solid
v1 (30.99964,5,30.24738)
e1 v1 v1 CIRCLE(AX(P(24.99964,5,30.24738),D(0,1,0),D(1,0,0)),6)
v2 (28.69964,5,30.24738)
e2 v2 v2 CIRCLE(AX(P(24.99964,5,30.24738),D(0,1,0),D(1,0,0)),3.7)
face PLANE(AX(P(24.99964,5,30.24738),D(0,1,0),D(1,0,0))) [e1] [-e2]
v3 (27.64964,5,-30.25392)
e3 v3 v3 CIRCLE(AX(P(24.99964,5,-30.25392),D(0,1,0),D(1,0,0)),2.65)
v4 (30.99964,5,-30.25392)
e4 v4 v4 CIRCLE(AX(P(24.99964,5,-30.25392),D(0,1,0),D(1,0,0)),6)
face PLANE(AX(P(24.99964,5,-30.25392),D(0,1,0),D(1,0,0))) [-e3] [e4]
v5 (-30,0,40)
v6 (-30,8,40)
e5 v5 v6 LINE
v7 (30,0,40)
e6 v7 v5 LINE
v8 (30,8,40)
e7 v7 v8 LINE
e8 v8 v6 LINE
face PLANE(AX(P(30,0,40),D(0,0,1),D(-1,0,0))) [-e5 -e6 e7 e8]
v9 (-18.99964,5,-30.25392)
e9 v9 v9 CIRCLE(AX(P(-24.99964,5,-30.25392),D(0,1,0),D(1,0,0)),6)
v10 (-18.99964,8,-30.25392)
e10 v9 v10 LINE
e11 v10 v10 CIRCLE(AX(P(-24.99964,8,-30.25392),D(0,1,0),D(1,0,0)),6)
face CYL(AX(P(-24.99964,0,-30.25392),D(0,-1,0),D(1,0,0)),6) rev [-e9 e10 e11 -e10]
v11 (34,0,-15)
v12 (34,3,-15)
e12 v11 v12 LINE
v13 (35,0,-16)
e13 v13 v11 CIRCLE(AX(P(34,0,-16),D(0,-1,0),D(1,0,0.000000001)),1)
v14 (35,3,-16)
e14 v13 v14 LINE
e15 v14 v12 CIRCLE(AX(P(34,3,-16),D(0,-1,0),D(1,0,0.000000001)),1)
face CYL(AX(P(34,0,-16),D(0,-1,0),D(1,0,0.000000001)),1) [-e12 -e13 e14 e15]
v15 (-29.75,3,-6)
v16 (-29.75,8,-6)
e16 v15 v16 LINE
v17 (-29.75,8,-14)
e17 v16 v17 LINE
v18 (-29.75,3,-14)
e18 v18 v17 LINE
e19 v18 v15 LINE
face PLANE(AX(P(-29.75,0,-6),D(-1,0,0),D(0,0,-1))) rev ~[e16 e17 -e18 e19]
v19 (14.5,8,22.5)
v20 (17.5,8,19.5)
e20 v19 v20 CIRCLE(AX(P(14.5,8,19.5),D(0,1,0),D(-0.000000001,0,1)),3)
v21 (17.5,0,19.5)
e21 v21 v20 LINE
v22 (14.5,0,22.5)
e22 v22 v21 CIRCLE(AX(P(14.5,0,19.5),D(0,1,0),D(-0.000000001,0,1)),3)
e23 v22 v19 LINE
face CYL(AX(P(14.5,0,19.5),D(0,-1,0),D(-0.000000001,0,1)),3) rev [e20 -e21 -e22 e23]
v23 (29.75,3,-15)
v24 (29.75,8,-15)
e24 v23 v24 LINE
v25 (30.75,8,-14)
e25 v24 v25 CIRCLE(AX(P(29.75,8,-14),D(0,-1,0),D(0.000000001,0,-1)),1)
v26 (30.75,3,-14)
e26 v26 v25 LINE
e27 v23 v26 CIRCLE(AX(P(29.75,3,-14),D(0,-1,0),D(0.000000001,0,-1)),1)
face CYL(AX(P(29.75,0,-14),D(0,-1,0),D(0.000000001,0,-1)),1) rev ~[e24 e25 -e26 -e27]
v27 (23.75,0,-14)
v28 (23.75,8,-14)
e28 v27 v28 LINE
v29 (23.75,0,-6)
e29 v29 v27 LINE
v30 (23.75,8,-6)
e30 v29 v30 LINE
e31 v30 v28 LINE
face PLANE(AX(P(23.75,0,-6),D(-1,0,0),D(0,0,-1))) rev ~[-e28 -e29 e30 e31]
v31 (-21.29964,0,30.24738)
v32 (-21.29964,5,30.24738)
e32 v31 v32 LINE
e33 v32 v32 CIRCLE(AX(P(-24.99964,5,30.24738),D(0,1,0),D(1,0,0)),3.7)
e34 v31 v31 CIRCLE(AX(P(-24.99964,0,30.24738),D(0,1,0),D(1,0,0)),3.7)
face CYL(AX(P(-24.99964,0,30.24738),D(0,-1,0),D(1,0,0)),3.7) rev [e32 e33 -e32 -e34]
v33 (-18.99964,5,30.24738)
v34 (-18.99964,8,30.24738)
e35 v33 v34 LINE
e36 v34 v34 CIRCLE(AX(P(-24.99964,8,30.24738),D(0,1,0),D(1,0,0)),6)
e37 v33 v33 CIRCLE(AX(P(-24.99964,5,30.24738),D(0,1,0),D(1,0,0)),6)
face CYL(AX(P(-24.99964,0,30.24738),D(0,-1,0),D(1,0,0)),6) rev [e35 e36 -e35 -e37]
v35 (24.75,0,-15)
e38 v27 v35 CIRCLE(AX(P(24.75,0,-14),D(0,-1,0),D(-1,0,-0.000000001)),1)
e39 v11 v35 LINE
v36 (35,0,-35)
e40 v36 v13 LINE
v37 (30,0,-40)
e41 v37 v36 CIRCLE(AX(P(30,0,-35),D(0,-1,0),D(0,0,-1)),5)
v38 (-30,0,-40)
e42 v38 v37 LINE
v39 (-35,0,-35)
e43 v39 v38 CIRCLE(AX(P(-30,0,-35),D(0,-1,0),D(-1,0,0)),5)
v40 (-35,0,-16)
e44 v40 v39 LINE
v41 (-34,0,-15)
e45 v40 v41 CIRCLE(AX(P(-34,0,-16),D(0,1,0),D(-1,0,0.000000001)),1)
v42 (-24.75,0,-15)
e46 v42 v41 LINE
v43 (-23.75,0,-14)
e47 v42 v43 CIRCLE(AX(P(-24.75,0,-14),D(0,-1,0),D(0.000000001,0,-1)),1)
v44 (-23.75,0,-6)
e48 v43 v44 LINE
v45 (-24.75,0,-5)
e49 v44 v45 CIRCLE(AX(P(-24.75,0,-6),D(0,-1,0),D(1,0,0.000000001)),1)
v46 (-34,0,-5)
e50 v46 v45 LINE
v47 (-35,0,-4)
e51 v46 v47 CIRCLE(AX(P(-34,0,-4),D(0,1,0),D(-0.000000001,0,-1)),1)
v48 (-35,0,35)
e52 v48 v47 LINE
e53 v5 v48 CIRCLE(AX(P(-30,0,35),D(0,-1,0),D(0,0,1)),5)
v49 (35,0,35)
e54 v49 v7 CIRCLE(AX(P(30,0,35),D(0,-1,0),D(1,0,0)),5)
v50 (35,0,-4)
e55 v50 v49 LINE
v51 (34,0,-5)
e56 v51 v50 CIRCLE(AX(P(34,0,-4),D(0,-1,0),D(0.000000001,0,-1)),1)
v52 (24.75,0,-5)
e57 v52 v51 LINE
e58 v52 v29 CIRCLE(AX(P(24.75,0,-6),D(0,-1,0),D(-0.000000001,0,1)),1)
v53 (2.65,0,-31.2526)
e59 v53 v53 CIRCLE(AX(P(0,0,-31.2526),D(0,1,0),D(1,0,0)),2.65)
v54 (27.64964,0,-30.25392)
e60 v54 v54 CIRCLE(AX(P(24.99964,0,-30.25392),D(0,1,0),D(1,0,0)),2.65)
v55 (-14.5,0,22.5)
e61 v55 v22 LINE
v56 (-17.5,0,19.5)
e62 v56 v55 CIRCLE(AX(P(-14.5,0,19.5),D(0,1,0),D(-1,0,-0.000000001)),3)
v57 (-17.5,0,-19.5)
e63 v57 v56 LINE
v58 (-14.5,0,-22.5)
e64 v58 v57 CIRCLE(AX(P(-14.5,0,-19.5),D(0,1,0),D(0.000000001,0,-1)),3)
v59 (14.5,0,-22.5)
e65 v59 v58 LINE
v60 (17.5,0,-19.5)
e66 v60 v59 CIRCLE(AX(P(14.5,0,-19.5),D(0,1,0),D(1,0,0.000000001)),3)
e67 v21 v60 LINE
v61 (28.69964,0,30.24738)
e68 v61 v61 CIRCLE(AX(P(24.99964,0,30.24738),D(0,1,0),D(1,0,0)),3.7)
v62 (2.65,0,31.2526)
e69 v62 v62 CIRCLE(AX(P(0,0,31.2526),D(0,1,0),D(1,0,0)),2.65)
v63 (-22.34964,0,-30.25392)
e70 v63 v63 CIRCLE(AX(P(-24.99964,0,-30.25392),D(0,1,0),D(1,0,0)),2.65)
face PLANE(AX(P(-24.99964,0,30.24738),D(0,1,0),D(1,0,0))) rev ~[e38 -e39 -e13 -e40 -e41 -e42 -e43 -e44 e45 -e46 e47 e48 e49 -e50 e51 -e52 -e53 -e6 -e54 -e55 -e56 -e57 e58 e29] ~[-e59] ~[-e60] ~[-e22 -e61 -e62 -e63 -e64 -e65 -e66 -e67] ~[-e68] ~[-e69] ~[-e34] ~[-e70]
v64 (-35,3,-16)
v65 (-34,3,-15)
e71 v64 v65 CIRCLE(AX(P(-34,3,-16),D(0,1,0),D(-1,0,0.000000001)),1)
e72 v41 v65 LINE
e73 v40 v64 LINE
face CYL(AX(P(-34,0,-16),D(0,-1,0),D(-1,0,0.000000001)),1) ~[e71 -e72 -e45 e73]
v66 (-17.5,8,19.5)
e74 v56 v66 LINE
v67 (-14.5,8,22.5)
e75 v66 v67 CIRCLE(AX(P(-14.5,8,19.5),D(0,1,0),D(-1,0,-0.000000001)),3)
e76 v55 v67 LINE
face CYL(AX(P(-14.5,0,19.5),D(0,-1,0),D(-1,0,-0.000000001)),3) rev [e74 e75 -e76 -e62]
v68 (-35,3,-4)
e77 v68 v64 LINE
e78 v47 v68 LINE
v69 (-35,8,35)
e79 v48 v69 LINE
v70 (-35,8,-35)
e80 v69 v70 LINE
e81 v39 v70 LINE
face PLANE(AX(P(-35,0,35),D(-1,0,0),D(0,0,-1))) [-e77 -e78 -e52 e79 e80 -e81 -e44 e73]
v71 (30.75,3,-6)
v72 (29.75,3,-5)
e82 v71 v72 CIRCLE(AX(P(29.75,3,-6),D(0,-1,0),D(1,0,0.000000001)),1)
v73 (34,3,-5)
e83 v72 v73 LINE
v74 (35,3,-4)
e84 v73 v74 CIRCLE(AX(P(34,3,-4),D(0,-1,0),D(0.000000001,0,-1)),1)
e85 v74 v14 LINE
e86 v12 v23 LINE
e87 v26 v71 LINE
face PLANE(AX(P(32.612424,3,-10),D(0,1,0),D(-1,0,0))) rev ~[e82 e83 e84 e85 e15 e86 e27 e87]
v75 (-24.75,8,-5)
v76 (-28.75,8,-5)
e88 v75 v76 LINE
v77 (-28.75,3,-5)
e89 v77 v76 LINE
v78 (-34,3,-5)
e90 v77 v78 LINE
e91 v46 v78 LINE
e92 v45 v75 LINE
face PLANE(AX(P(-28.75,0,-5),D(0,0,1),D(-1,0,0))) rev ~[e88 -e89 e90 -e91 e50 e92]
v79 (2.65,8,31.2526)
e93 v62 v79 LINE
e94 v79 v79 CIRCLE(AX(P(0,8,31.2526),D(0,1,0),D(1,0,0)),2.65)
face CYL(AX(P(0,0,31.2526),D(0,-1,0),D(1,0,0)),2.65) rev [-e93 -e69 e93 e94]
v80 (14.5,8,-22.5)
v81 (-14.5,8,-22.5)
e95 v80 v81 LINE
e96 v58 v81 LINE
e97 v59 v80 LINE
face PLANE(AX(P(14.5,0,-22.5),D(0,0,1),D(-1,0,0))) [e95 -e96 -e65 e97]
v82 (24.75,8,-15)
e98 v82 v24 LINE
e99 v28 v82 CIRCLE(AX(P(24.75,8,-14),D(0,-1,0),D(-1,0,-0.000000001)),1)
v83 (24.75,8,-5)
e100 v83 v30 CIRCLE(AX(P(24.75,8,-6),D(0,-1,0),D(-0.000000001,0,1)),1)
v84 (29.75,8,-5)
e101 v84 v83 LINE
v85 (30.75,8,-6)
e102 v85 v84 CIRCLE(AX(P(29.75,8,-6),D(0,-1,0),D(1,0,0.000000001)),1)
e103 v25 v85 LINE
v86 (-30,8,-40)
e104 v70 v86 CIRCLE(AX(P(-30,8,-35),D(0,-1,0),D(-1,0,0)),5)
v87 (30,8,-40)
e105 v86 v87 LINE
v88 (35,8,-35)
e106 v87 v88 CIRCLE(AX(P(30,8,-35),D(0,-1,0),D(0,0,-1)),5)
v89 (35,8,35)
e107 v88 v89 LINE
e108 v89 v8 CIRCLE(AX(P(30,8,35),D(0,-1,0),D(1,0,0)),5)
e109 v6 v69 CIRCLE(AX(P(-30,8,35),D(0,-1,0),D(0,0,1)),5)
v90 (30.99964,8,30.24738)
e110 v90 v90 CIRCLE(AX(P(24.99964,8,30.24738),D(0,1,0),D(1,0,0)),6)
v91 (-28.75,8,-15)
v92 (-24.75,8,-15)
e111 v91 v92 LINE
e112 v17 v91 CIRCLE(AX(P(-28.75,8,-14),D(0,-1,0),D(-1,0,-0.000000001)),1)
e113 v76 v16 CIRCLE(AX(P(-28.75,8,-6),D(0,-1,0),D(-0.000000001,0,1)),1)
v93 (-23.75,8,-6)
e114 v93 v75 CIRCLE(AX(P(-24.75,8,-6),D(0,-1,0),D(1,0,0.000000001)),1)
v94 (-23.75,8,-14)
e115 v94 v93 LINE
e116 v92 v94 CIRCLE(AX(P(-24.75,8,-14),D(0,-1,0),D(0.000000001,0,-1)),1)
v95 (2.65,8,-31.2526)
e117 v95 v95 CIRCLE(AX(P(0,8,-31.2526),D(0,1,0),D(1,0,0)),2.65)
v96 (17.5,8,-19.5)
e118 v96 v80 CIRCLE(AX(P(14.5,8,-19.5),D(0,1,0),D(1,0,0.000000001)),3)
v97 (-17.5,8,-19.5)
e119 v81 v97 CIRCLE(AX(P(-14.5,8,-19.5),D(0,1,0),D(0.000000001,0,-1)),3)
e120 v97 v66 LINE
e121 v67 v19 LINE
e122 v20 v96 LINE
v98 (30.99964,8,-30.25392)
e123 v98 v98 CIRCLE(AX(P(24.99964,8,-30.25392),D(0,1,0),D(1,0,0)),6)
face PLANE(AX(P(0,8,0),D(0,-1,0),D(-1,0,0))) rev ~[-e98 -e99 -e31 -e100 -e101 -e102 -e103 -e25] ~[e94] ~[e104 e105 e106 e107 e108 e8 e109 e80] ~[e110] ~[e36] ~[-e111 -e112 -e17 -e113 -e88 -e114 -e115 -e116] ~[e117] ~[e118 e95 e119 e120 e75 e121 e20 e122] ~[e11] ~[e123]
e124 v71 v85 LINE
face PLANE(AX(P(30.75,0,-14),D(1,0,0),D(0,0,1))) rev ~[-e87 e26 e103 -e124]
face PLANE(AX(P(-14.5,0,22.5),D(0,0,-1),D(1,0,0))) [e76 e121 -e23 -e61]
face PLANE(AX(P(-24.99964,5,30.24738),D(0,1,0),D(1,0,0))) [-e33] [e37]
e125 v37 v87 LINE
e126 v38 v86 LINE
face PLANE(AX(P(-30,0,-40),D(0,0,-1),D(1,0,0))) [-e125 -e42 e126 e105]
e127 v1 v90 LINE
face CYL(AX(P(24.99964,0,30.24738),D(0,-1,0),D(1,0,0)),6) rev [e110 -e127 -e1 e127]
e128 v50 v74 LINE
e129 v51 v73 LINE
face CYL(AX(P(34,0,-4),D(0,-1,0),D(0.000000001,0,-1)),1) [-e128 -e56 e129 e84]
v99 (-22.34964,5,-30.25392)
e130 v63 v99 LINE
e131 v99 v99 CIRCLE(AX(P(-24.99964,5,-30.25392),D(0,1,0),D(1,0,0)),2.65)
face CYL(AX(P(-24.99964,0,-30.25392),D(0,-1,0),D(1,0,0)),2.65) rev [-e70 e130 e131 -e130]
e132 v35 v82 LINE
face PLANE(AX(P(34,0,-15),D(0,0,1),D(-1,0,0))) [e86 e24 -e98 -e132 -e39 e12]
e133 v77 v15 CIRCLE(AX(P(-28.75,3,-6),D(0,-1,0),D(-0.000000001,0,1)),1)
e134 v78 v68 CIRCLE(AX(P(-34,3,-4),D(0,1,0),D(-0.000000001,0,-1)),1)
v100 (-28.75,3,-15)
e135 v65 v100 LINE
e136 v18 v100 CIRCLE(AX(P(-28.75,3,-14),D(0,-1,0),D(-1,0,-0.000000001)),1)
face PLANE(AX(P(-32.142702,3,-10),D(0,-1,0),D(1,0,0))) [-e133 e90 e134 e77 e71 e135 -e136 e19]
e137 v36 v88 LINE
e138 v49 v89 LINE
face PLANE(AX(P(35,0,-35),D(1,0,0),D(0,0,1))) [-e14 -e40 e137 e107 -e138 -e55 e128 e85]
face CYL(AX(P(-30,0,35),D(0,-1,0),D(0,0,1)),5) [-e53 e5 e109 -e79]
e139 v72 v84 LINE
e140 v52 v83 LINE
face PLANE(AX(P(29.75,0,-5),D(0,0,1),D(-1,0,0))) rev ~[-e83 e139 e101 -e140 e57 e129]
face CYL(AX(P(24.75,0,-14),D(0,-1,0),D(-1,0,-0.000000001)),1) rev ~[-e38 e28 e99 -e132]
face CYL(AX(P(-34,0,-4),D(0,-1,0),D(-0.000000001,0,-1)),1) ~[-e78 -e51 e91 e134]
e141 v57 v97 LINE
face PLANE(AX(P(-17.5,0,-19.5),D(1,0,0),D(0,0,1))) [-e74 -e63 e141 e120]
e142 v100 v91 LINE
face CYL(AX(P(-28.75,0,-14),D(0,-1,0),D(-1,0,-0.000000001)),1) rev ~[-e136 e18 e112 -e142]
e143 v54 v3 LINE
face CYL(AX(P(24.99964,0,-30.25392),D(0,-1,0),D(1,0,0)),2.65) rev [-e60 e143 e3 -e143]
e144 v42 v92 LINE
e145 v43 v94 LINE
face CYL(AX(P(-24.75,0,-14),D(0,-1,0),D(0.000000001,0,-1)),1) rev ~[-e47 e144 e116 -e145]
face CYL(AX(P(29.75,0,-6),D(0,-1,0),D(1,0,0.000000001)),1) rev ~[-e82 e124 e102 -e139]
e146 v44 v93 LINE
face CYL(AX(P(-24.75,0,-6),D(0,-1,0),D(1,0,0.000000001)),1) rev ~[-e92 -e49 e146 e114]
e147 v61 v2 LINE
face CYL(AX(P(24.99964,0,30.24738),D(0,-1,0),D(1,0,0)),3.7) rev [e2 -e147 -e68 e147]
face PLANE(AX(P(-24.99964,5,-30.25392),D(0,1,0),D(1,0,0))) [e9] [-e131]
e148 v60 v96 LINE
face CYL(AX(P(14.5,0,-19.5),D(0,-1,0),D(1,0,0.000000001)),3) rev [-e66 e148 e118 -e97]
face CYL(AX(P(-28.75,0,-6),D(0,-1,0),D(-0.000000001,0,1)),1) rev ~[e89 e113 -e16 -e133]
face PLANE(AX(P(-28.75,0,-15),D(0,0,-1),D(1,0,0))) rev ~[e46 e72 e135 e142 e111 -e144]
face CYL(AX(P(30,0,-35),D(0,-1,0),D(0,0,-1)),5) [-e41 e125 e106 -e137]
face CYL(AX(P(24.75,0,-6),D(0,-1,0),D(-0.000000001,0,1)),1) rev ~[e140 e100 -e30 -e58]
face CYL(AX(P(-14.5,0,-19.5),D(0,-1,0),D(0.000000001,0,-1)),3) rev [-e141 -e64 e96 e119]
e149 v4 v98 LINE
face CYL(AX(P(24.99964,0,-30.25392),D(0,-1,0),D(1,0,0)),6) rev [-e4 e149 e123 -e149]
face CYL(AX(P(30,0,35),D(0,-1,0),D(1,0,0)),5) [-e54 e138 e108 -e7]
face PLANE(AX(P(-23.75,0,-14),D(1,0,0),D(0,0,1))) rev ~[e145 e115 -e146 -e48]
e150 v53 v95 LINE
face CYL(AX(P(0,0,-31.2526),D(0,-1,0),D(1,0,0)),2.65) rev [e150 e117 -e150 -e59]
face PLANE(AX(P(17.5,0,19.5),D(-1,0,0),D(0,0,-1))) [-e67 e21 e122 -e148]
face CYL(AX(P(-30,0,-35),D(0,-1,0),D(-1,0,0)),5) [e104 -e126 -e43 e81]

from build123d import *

# Parameters (mm, degrees)
CROQUIS1_R              = 6
CROQUIS1_R_2            = 2.65
SALIENTE_EXTRUIR1_DEPTH = 8
CROQUIS1_4_R            = 6
CROQUIS1_4_R_2          = 3.7
CROQUIS1_4_R_3          = 2.65
SALIENTE_EXTRUIR2_DEPTH = 5
CROQUIS1_6_R            = 3.7
CROQUIS1_6_R_2          = 2.65
CORTAR_EXTRUIR1_DEPTH   = 5
CORTAR_EXTRUIR2_DEPTH   = 3


with BuildPart() as part:
    # Croquis1 → Saliente-Extruir1 (new body)
    with BuildSketch(Plane(origin=(0, 0, 0), x_dir=(1, 0, 0), z_dir=(0, 1, 0))):
        with BuildLine():
            Line((-35, 35), (-35, -35))
            ThreePointArc((-35, -35), (-33.535533906, -38.535533906), (-30, -40))
            Line((-30, -40), (30, -40))
            ThreePointArc((30, -40), (33.535533906, -38.535533906), (35, -35))
            Line((35, -35), (35, 35))
            ThreePointArc((35, 35), (33.535533906, 38.535533906), (30, 40))
            Line((30, 40), (-30, 40))
            ThreePointArc((-30, 40), (-33.535533906, 38.535533906), (-35, 35))
        make_face()
        with Locations((-24.99964, -30.24738)):
            Circle(CROQUIS1_R, mode=Mode.SUBTRACT)
        with Locations((0, -31.2526)):
            Circle(CROQUIS1_R_2, mode=Mode.SUBTRACT)
        with Locations((24.99964, -30.24738)):
            Circle(CROQUIS1_R, mode=Mode.SUBTRACT)
        with BuildLine():
            ThreePointArc((-29.75, 14), (-29.457106781, 14.707106781), (-28.75, 15))
            Line((-28.75, 15), (-24.75, 15))
            ThreePointArc((-24.75, 15), (-24.042893219, 14.707106781), (-23.75, 14))
            Line((-23.75, 14), (-23.75, 6))
            ThreePointArc((-23.75, 6), (-24.042893219, 5.292893219), (-24.75, 5))
            Line((-24.75, 5), (-28.75, 5))
            ThreePointArc((-28.75, 5), (-29.457106781, 5.292893219), (-29.75, 6))
            Line((-29.75, 6), (-29.75, 14))
        make_face(mode=Mode.SUBTRACT)
        with Locations((-24.99964, 30.25392)):
            Circle(CROQUIS1_R, mode=Mode.SUBTRACT)
        with BuildLine():
            Line((14.5, -22.5), (-14.5, -22.5))
            ThreePointArc((-14.5, -22.5), (-16.621320344, -21.621320344), (-17.5, -19.5))
            Line((-17.5, -19.5), (-17.5, 19.5))
            ThreePointArc((-17.5, 19.5), (-16.621320344, 21.621320344), (-14.5, 22.5))
            Line((-14.5, 22.5), (14.5, 22.5))
            ThreePointArc((14.5, 22.5), (16.621320344, 21.621320344), (17.5, 19.5))
            Line((17.5, 19.5), (17.5, -19.5))
            ThreePointArc((17.5, -19.5), (16.621320344, -21.621320344), (14.5, -22.5))
        make_face(mode=Mode.SUBTRACT)
        with BuildLine():
            ThreePointArc((23.75, 14), (24.042893219, 14.707106781), (24.75, 15))
            Line((24.75, 15), (29.75, 15))
            ThreePointArc((29.75, 15), (30.457106781, 14.707106781), (30.75, 14))
            Line((30.75, 14), (30.75, 6))
            ThreePointArc((30.75, 6), (30.457106781, 5.292893219), (29.75, 5))
            Line((29.75, 5), (24.75, 5))
            ThreePointArc((24.75, 5), (24.042893219, 5.292893219), (23.75, 6))
            Line((23.75, 6), (23.75, 14))
        make_face(mode=Mode.SUBTRACT)
        with Locations((0, 31.2526)):
            Circle(CROQUIS1_R_2, mode=Mode.SUBTRACT)
        with Locations((24.99964, 30.25392)):
            Circle(CROQUIS1_R, mode=Mode.SUBTRACT)
    extrude(amount=SALIENTE_EXTRUIR1_DEPTH)

    # Croquis1<4> → Saliente-Extruir2 (add)
    # profile 1 of 4: a face of its own
    with BuildSketch(Plane(origin=(0, 0, 0), x_dir=(1, 0, 0), z_dir=(0, 1, 0))):
        with Locations((-24.99964, -30.24738)):
            Circle(CROQUIS1_4_R)
        with Locations((-24.99964, -30.24738)):
            Circle(CROQUIS1_4_R_2, mode=Mode.SUBTRACT)
    # profile 2 of 4: a face of its own
    with BuildSketch(Plane(origin=(0, 0, 0), x_dir=(1, 0, 0), z_dir=(0, 1, 0))):
        with Locations((-24.99964, 30.25392)):
            Circle(CROQUIS1_4_R)
        with Locations((-24.99964, 30.25392)):
            Circle(CROQUIS1_4_R_3, mode=Mode.SUBTRACT)
    # profile 3 of 4: a face of its own
    with BuildSketch(Plane(origin=(0, 0, 0), x_dir=(1, 0, 0), z_dir=(0, 1, 0))):
        with Locations((24.99964, -30.24738)):
            Circle(CROQUIS1_4_R)
    # profile 4 of 4: a face of its own
    with BuildSketch(Plane(origin=(0, 0, 0), x_dir=(1, 0, 0), z_dir=(0, 1, 0))):
        with Locations((24.99964, 30.25392)):
            Circle(CROQUIS1_4_R)
    extrude(amount=SALIENTE_EXTRUIR2_DEPTH)

    # Croquis1<6> → Cortar-Extruir1 (cut)
    with BuildSketch(Plane(origin=(0, 0, 0), x_dir=(1, 0, 0), z_dir=(0, 1, 0))):
        with Locations((24.99964, -30.24738)):
            Circle(CROQUIS1_6_R)
        with Locations((24.99964, 30.25392)):
            Circle(CROQUIS1_6_R_2)
    extrude(amount=CORTAR_EXTRUIR1_DEPTH, mode=Mode.SUBTRACT)

    # Croquis3 → Cortar-Extruir2 (cut)
    with BuildSketch(Plane.XZ):
        with BuildLine():
            Line((-35, -4), (-35, -16))
            ThreePointArc((-35, -16), (-34.707106781, -15.292893219), (-34, -15))
            Line((-34, -15), (-28.75, -15))
            Line((-28.75, -15), (-28.75, -5))
            Line((-28.75, -5), (-34, -5))
            ThreePointArc((-34, -5), (-34.707106781, -4.707106781), (-35, -4))
        make_face()
        with BuildLine():
            Line((35, -4), (35, -16))
            ThreePointArc((35, -16), (34.707106781, -15.292893219), (34, -15))
            Line((34, -15), (29.75, -15))
            Line((29.75, -15), (29.75, -5))
            Line((29.75, -5), (34, -5))
            ThreePointArc((34, -5), (34.707106781, -4.707106781), (35, -4))
        make_face()
    extrude(amount=-CORTAR_EXTRUIR2_DEPTH, mode=Mode.SUBTRACT)


solid = part.part
